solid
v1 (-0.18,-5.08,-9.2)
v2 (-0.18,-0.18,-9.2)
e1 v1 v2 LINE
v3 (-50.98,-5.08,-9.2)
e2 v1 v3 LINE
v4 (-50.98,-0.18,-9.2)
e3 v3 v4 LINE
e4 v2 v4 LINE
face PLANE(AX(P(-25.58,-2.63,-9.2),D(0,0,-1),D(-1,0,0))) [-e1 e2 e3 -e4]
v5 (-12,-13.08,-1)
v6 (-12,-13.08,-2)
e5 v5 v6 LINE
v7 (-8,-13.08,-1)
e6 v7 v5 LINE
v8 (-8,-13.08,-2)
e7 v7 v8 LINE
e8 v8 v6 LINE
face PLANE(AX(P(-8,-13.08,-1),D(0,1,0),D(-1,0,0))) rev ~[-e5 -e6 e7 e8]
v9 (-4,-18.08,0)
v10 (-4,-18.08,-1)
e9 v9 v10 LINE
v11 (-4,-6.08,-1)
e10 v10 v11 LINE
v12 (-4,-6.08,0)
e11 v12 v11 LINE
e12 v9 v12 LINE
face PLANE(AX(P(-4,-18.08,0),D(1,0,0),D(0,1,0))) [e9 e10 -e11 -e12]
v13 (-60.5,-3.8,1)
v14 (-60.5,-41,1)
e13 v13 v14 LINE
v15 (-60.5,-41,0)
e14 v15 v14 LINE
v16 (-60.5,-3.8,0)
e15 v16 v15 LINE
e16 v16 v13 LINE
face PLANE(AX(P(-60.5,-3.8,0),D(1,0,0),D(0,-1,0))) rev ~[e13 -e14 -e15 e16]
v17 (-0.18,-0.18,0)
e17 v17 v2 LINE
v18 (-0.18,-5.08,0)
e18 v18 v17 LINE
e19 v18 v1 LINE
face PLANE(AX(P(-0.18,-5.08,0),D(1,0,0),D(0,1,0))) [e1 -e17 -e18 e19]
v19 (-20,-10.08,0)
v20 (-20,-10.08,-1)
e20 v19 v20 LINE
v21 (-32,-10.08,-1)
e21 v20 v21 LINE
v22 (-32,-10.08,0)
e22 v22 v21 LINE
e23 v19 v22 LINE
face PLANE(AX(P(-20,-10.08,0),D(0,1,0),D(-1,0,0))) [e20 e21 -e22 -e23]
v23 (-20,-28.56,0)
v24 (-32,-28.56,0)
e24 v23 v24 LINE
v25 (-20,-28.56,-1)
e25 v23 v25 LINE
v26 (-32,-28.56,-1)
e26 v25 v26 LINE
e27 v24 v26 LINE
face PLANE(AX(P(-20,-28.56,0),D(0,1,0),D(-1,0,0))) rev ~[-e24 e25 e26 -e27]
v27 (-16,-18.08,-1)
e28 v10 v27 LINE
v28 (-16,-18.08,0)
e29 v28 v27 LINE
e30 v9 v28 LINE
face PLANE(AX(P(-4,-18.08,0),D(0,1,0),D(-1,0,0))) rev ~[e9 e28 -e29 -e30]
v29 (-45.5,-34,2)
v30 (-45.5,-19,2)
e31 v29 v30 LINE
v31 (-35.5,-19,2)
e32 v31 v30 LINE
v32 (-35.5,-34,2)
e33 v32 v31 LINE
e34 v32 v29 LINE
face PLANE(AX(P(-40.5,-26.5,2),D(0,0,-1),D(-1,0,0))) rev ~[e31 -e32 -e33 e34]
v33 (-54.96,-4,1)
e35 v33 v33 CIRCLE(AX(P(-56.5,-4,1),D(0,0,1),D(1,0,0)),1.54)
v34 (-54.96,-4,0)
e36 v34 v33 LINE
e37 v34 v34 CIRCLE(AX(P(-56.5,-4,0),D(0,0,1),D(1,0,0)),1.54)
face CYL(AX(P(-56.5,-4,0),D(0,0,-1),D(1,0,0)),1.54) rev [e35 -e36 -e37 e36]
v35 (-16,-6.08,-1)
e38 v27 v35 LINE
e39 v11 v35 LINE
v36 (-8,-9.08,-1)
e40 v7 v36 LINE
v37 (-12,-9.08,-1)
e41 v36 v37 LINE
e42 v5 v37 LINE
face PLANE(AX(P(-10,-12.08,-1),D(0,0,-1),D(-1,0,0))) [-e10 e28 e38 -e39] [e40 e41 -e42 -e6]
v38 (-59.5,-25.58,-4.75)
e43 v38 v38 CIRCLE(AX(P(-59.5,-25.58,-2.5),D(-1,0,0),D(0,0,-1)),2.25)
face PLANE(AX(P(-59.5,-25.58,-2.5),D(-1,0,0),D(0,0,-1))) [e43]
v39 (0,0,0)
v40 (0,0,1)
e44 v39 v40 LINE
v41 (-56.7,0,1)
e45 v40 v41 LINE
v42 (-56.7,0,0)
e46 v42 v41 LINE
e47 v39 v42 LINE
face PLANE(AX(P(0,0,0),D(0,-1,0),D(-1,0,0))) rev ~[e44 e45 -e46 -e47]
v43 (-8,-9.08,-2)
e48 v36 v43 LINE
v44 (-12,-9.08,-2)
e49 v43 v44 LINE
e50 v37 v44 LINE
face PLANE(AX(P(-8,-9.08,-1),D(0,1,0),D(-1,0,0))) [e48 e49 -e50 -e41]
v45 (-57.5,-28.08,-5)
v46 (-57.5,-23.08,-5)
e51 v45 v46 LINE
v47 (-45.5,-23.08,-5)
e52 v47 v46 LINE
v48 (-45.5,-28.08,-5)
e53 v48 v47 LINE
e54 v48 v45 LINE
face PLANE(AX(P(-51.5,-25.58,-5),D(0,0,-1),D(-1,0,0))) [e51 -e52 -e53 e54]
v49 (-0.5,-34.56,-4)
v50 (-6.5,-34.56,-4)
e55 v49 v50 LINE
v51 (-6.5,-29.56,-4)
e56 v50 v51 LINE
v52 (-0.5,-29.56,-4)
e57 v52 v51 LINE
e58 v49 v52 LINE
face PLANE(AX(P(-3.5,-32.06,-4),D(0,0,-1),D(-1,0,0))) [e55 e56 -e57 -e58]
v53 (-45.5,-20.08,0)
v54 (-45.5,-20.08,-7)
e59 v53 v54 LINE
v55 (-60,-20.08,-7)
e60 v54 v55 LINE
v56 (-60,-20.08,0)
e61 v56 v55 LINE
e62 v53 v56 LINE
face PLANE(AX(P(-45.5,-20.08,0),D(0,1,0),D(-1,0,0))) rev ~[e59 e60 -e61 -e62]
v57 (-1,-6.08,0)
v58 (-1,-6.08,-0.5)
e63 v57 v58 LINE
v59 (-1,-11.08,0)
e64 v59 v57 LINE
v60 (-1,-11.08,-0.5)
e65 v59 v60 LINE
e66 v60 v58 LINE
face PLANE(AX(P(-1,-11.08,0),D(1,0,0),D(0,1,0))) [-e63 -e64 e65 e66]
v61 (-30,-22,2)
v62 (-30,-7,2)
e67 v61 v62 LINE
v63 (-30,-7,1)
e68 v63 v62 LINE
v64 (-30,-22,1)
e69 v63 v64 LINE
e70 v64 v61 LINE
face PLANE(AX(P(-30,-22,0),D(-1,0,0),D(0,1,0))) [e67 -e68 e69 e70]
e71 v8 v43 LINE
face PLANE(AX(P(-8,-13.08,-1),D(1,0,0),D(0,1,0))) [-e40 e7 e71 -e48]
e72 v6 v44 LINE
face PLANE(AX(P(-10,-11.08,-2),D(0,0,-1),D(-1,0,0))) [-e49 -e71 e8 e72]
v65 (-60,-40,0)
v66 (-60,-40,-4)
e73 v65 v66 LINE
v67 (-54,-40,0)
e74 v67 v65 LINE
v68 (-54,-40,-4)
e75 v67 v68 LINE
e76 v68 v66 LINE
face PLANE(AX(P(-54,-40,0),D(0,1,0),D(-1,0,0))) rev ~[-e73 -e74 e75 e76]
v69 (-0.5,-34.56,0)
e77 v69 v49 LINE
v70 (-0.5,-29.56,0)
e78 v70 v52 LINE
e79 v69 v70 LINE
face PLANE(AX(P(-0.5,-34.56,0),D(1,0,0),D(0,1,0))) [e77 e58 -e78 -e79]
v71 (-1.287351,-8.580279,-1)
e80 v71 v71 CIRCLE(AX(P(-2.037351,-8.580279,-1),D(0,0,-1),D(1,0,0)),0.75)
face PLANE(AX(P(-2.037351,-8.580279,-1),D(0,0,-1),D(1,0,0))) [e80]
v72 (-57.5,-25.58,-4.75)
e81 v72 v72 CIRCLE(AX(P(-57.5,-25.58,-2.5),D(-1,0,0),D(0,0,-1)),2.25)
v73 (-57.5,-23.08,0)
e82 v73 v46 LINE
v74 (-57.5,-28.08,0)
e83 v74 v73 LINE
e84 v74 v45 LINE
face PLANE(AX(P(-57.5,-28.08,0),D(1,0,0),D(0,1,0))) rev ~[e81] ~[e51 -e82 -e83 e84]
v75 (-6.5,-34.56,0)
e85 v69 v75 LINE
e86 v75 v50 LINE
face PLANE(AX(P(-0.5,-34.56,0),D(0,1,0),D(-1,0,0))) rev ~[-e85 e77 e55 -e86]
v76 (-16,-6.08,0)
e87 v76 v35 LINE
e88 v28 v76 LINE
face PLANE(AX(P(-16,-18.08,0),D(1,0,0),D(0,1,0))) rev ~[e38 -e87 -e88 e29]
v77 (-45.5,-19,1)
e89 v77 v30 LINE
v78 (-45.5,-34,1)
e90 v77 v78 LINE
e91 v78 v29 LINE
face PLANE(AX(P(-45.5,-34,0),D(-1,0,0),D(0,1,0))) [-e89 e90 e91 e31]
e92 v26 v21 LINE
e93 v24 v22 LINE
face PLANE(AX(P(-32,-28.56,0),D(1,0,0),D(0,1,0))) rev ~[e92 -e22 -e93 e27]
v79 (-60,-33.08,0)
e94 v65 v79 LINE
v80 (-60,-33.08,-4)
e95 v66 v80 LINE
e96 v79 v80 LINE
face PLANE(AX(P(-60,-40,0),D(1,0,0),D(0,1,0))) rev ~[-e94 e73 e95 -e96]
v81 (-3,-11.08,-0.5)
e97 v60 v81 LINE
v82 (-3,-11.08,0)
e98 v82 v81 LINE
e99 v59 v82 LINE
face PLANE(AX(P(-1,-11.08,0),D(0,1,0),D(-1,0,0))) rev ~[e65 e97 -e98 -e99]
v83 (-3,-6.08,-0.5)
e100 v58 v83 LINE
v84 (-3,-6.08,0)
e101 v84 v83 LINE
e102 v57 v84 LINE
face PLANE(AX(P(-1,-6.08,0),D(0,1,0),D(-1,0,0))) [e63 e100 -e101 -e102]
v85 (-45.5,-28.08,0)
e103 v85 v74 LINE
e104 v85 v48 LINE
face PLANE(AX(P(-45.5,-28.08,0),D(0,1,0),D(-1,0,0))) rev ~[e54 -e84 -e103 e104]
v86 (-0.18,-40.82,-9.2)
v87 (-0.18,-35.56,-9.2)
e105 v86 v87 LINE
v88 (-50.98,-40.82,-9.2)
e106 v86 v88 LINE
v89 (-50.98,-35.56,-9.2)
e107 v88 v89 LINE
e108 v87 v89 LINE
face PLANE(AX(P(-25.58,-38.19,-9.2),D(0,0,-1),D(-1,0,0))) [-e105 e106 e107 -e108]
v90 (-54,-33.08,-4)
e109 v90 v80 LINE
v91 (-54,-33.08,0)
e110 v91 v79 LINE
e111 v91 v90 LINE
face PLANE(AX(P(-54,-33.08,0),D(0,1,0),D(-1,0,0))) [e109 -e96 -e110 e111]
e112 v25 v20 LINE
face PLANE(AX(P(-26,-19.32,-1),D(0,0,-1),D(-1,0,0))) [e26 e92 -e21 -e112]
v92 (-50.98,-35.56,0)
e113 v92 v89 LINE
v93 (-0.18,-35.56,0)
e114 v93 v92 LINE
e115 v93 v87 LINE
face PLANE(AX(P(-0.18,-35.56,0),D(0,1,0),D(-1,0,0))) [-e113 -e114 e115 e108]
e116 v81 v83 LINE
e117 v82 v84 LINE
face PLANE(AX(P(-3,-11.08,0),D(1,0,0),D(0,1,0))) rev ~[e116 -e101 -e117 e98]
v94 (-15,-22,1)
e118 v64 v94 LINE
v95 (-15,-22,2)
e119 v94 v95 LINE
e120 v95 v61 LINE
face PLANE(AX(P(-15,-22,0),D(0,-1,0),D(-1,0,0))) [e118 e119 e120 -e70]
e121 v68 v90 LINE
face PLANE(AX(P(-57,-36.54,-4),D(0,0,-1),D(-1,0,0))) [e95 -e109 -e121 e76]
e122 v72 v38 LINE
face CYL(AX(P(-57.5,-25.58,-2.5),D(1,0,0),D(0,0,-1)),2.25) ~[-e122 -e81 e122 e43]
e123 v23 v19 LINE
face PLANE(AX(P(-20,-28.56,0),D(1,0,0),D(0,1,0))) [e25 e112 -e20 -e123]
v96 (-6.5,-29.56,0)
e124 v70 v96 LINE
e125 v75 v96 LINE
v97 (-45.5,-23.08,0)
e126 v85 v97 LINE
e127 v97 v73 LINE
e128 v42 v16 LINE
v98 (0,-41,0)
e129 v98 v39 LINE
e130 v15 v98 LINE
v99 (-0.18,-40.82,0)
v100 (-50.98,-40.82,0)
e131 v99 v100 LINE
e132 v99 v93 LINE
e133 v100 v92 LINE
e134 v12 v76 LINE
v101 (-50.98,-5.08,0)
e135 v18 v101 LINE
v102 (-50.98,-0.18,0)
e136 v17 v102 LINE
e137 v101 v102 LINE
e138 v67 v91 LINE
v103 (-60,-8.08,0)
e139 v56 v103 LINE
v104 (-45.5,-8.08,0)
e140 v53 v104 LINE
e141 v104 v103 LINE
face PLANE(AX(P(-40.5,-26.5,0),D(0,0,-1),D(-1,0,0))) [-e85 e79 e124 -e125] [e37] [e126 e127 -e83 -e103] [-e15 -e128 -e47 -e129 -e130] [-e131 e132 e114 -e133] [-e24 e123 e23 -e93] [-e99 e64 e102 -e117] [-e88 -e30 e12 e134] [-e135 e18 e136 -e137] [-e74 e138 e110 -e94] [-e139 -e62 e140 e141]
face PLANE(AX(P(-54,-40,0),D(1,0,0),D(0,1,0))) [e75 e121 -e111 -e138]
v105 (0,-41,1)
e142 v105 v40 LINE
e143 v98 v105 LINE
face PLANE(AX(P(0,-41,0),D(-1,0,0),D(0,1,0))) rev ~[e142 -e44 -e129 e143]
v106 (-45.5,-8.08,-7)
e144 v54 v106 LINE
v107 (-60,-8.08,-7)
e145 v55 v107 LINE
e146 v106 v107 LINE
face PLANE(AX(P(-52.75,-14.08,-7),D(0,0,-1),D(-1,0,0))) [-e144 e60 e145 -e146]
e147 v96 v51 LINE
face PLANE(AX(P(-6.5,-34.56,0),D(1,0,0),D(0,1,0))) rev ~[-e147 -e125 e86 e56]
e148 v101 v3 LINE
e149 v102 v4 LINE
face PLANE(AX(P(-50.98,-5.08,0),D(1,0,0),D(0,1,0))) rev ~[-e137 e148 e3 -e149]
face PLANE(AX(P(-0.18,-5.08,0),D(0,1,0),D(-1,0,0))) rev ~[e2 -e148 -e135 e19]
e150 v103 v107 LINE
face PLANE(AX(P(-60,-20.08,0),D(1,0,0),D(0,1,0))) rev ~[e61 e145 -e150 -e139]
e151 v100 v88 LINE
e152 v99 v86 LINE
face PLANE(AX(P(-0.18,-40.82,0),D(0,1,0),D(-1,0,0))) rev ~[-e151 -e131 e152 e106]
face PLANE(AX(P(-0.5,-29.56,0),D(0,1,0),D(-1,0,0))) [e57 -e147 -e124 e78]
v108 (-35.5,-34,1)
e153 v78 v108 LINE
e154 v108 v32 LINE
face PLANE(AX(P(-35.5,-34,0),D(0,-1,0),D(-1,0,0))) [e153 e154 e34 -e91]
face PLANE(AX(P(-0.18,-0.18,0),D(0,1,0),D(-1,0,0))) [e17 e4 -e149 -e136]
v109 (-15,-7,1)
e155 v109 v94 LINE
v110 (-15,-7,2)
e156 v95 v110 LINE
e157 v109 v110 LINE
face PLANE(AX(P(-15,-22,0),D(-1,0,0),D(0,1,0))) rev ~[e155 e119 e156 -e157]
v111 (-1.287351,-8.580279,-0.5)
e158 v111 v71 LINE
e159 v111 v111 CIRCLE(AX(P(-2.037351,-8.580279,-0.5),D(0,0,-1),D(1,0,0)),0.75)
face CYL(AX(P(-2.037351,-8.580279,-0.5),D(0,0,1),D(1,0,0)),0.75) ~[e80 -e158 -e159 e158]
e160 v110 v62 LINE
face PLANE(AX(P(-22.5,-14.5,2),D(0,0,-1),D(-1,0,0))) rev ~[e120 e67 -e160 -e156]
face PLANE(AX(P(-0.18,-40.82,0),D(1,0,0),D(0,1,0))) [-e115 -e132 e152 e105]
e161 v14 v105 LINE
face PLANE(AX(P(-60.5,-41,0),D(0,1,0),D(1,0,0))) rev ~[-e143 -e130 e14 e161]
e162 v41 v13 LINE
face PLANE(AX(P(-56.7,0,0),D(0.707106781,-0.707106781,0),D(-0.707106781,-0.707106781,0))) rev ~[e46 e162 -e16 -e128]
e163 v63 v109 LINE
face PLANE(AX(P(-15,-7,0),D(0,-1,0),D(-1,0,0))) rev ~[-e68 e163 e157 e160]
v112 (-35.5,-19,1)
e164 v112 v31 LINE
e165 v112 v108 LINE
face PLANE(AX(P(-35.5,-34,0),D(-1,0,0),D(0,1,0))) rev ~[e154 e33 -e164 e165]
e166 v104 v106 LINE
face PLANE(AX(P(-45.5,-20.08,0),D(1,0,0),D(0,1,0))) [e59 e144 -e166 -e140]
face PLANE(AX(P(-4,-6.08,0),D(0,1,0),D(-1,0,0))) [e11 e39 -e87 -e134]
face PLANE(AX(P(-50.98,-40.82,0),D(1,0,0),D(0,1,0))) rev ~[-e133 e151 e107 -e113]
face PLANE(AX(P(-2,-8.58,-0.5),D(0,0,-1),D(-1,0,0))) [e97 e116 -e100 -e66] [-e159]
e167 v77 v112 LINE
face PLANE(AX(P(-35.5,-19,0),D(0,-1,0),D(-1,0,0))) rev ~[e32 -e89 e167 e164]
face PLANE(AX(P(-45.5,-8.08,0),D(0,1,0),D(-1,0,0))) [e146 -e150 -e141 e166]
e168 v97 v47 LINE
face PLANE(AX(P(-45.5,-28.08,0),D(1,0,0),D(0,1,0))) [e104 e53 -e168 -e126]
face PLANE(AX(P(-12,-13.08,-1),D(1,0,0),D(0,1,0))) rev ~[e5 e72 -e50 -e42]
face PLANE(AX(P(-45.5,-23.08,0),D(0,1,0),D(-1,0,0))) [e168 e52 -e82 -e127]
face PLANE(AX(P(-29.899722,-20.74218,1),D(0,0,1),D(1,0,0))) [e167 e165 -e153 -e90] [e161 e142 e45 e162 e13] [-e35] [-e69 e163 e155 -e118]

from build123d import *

# Parameters (mm, degrees)
SKETCH1_R            = 1.54
BOSS_EXTRUDE1_DEPTH  = 1
SKETCH2_W            = 15
SKETCH2_H            = 15
BOSS_EXTRUDE2_DEPTH  = 2
SKETCH3_W            = 10
SKETCH3_H            = 15
BOSS_EXTRUDE3_DEPTH  = 2
SKETCH4_W            = 50.8
SKETCH4_H            = 5.26
SKETCH4_H_2          = 4.9
BOSS_EXTRUDE4_DEPTH  = 9.2
SKETCH5_W            = 14.5
SKETCH5_H            = 12
BOSS_EXTRUDE6_DEPTH  = 7
SKETCH6_W            = 12
SKETCH6_H            = 5
BOSS_EXTRUDE7_DEPTH  = 5
SKETCH7_R            = 2.25
BOSS_EXTRUDE8_DEPTH  = 2
SKETCH8_W            = 6
SKETCH8_H            = 6.92
BOSS_EXTRUDE9_DEPTH  = 4
SKETCH9_W            = 6
SKETCH9_H            = 5
BOSS_EXTRUDE10_DEPTH = 4
SKETCH10_W           = 12
SKETCH10_H           = 18.48
BOSS_EXTRUDE11_DEPTH = 1
SKETCH11_W           = 12
SKETCH11_H           = 12
BOSS_EXTRUDE12_DEPTH = 1
SKETCH12_W           = 4
SKETCH12_H           = 4
BOSS_EXTRUDE13_DEPTH = 1
SKETCH13_W           = 2
SKETCH13_H           = 5
BOSS_EXTRUDE14_DEPTH = 0.5
SKETCH14_R           = 0.75
BOSS_EXTRUDE15_DEPTH = 0.5


with BuildPart() as part:
    # Sketch1 → Boss-Extrude1 (new body)
    with BuildSketch(Plane.XY):
        Polygon((0, 0), (-56.7, 0), (-60.5, -3.8), (-60.5, -41), (0, -41), align=None)
        with Locations((-56.5, -4)):
            Circle(SKETCH1_R, mode=Mode.SUBTRACT)
    extrude(amount=BOSS_EXTRUDE1_DEPTH)

    # Sketch2 → Boss-Extrude2 (add)
    with BuildSketch(Plane(origin=(0, 0, 0), x_dir=(-1, 0, 0), z_dir=(0, 0, -1))):
        with Locations((22.5, -14.5)):
            Rectangle(SKETCH2_W, SKETCH2_H)
    extrude(amount=-BOSS_EXTRUDE2_DEPTH)

    # Sketch3 → Boss-Extrude3 (add)
    with BuildSketch(Plane(origin=(0, 0, 0), x_dir=(-1, 0, 0), z_dir=(0, 0, -1))):
        with Locations((40.5, -26.5)):
            Rectangle(SKETCH3_W, SKETCH3_H)
    extrude(amount=-BOSS_EXTRUDE3_DEPTH)

    # Sketch4 → Boss-Extrude4 (add)
    with BuildSketch(Plane(origin=(0, 0, 0), x_dir=(-1, 0, 0), z_dir=(0, 0, -1))):
        with Locations((25.58, -38.19)):
            Rectangle(SKETCH4_W, SKETCH4_H)
        with Locations((25.58, -2.63)):
            Rectangle(SKETCH4_W, SKETCH4_H_2)
    extrude(amount=BOSS_EXTRUDE4_DEPTH)

    # Sketch5 → Boss-Extrude6 (add)
    with BuildSketch(Plane(origin=(0, 0, 0), x_dir=(-1, 0, 0), z_dir=(0, 0, -1))):
        with Locations((52.75, -14.08)):
            Rectangle(SKETCH5_W, SKETCH5_H)
    extrude(amount=BOSS_EXTRUDE6_DEPTH)

    # Sketch6 → Boss-Extrude7 (add)
    with BuildSketch(Plane(origin=(0, 0, 0), x_dir=(-1, 0, 0), z_dir=(0, 0, -1))):
        with Locations((51.5, -25.58)):
            Rectangle(SKETCH6_W, SKETCH6_H)
    extrude(amount=BOSS_EXTRUDE7_DEPTH)

    # Sketch7 → Boss-Extrude8 (add)
    with BuildSketch(Plane.ZY.offset(57.5)):
        with Locations(Location((-2.5, -25.58, 0), (0, 0, 180))):
            Circle(SKETCH7_R)
    extrude(amount=BOSS_EXTRUDE8_DEPTH)

    # Sketch8 → Boss-Extrude9 (add)
    with BuildSketch(Plane(origin=(0, 0, 0), x_dir=(-1, 0, 0), z_dir=(0, 0, -1))):
        with Locations((57, -36.54)):
            Rectangle(SKETCH8_W, SKETCH8_H)
    extrude(amount=BOSS_EXTRUDE9_DEPTH)

    # Sketch9 → Boss-Extrude10 (add)
    with BuildSketch(Plane(origin=(0, 0, 0), x_dir=(-1, 0, 0), z_dir=(0, 0, -1))):
        with Locations((3.5, -32.06)):
            Rectangle(SKETCH9_W, SKETCH9_H)
    extrude(amount=BOSS_EXTRUDE10_DEPTH)

    # Sketch10 → Boss-Extrude11 (add)
    with BuildSketch(Plane(origin=(0, 0, 0), x_dir=(-1, 0, 0), z_dir=(0, 0, -1))):
        with Locations((26, -19.32)):
            Rectangle(SKETCH10_W, SKETCH10_H)
    extrude(amount=BOSS_EXTRUDE11_DEPTH)

    # Sketch11 → Boss-Extrude12 (add)
    with BuildSketch(Plane(origin=(0, 0, 0), x_dir=(-1, 0, 0), z_dir=(0, 0, -1))):
        with Locations((10, -12.08)):
            Rectangle(SKETCH11_W, SKETCH11_H)
    extrude(amount=BOSS_EXTRUDE12_DEPTH)

    # Sketch12 → Boss-Extrude13 (add)
    with BuildSketch(Plane(origin=(0, 0, -1), x_dir=(-1, 0, 0), z_dir=(0, 0, -1))):
        with Locations((10, -11.08)):
            Rectangle(SKETCH12_W, SKETCH12_H)
    extrude(amount=BOSS_EXTRUDE13_DEPTH)

    # Sketch13 → Boss-Extrude14 (add)
    with BuildSketch(Plane(origin=(0, 0, 0), x_dir=(-1, 0, 0), z_dir=(0, 0, -1))):
        with Locations((2, -8.58)):
            Rectangle(SKETCH13_W, SKETCH13_H)
    extrude(amount=BOSS_EXTRUDE14_DEPTH)

    # Sketch14 → Boss-Extrude15 (add)
    with BuildSketch(Plane(origin=(0, 0, -0.5), x_dir=(-1, 0, 0), z_dir=(0, 0, -1))):
        with Locations(Location((2.037351084, -8.580279036, 0), (0, 0, 180))):
            Circle(SKETCH14_R)
    extrude(amount=BOSS_EXTRUDE15_DEPTH)


solid = part.part
